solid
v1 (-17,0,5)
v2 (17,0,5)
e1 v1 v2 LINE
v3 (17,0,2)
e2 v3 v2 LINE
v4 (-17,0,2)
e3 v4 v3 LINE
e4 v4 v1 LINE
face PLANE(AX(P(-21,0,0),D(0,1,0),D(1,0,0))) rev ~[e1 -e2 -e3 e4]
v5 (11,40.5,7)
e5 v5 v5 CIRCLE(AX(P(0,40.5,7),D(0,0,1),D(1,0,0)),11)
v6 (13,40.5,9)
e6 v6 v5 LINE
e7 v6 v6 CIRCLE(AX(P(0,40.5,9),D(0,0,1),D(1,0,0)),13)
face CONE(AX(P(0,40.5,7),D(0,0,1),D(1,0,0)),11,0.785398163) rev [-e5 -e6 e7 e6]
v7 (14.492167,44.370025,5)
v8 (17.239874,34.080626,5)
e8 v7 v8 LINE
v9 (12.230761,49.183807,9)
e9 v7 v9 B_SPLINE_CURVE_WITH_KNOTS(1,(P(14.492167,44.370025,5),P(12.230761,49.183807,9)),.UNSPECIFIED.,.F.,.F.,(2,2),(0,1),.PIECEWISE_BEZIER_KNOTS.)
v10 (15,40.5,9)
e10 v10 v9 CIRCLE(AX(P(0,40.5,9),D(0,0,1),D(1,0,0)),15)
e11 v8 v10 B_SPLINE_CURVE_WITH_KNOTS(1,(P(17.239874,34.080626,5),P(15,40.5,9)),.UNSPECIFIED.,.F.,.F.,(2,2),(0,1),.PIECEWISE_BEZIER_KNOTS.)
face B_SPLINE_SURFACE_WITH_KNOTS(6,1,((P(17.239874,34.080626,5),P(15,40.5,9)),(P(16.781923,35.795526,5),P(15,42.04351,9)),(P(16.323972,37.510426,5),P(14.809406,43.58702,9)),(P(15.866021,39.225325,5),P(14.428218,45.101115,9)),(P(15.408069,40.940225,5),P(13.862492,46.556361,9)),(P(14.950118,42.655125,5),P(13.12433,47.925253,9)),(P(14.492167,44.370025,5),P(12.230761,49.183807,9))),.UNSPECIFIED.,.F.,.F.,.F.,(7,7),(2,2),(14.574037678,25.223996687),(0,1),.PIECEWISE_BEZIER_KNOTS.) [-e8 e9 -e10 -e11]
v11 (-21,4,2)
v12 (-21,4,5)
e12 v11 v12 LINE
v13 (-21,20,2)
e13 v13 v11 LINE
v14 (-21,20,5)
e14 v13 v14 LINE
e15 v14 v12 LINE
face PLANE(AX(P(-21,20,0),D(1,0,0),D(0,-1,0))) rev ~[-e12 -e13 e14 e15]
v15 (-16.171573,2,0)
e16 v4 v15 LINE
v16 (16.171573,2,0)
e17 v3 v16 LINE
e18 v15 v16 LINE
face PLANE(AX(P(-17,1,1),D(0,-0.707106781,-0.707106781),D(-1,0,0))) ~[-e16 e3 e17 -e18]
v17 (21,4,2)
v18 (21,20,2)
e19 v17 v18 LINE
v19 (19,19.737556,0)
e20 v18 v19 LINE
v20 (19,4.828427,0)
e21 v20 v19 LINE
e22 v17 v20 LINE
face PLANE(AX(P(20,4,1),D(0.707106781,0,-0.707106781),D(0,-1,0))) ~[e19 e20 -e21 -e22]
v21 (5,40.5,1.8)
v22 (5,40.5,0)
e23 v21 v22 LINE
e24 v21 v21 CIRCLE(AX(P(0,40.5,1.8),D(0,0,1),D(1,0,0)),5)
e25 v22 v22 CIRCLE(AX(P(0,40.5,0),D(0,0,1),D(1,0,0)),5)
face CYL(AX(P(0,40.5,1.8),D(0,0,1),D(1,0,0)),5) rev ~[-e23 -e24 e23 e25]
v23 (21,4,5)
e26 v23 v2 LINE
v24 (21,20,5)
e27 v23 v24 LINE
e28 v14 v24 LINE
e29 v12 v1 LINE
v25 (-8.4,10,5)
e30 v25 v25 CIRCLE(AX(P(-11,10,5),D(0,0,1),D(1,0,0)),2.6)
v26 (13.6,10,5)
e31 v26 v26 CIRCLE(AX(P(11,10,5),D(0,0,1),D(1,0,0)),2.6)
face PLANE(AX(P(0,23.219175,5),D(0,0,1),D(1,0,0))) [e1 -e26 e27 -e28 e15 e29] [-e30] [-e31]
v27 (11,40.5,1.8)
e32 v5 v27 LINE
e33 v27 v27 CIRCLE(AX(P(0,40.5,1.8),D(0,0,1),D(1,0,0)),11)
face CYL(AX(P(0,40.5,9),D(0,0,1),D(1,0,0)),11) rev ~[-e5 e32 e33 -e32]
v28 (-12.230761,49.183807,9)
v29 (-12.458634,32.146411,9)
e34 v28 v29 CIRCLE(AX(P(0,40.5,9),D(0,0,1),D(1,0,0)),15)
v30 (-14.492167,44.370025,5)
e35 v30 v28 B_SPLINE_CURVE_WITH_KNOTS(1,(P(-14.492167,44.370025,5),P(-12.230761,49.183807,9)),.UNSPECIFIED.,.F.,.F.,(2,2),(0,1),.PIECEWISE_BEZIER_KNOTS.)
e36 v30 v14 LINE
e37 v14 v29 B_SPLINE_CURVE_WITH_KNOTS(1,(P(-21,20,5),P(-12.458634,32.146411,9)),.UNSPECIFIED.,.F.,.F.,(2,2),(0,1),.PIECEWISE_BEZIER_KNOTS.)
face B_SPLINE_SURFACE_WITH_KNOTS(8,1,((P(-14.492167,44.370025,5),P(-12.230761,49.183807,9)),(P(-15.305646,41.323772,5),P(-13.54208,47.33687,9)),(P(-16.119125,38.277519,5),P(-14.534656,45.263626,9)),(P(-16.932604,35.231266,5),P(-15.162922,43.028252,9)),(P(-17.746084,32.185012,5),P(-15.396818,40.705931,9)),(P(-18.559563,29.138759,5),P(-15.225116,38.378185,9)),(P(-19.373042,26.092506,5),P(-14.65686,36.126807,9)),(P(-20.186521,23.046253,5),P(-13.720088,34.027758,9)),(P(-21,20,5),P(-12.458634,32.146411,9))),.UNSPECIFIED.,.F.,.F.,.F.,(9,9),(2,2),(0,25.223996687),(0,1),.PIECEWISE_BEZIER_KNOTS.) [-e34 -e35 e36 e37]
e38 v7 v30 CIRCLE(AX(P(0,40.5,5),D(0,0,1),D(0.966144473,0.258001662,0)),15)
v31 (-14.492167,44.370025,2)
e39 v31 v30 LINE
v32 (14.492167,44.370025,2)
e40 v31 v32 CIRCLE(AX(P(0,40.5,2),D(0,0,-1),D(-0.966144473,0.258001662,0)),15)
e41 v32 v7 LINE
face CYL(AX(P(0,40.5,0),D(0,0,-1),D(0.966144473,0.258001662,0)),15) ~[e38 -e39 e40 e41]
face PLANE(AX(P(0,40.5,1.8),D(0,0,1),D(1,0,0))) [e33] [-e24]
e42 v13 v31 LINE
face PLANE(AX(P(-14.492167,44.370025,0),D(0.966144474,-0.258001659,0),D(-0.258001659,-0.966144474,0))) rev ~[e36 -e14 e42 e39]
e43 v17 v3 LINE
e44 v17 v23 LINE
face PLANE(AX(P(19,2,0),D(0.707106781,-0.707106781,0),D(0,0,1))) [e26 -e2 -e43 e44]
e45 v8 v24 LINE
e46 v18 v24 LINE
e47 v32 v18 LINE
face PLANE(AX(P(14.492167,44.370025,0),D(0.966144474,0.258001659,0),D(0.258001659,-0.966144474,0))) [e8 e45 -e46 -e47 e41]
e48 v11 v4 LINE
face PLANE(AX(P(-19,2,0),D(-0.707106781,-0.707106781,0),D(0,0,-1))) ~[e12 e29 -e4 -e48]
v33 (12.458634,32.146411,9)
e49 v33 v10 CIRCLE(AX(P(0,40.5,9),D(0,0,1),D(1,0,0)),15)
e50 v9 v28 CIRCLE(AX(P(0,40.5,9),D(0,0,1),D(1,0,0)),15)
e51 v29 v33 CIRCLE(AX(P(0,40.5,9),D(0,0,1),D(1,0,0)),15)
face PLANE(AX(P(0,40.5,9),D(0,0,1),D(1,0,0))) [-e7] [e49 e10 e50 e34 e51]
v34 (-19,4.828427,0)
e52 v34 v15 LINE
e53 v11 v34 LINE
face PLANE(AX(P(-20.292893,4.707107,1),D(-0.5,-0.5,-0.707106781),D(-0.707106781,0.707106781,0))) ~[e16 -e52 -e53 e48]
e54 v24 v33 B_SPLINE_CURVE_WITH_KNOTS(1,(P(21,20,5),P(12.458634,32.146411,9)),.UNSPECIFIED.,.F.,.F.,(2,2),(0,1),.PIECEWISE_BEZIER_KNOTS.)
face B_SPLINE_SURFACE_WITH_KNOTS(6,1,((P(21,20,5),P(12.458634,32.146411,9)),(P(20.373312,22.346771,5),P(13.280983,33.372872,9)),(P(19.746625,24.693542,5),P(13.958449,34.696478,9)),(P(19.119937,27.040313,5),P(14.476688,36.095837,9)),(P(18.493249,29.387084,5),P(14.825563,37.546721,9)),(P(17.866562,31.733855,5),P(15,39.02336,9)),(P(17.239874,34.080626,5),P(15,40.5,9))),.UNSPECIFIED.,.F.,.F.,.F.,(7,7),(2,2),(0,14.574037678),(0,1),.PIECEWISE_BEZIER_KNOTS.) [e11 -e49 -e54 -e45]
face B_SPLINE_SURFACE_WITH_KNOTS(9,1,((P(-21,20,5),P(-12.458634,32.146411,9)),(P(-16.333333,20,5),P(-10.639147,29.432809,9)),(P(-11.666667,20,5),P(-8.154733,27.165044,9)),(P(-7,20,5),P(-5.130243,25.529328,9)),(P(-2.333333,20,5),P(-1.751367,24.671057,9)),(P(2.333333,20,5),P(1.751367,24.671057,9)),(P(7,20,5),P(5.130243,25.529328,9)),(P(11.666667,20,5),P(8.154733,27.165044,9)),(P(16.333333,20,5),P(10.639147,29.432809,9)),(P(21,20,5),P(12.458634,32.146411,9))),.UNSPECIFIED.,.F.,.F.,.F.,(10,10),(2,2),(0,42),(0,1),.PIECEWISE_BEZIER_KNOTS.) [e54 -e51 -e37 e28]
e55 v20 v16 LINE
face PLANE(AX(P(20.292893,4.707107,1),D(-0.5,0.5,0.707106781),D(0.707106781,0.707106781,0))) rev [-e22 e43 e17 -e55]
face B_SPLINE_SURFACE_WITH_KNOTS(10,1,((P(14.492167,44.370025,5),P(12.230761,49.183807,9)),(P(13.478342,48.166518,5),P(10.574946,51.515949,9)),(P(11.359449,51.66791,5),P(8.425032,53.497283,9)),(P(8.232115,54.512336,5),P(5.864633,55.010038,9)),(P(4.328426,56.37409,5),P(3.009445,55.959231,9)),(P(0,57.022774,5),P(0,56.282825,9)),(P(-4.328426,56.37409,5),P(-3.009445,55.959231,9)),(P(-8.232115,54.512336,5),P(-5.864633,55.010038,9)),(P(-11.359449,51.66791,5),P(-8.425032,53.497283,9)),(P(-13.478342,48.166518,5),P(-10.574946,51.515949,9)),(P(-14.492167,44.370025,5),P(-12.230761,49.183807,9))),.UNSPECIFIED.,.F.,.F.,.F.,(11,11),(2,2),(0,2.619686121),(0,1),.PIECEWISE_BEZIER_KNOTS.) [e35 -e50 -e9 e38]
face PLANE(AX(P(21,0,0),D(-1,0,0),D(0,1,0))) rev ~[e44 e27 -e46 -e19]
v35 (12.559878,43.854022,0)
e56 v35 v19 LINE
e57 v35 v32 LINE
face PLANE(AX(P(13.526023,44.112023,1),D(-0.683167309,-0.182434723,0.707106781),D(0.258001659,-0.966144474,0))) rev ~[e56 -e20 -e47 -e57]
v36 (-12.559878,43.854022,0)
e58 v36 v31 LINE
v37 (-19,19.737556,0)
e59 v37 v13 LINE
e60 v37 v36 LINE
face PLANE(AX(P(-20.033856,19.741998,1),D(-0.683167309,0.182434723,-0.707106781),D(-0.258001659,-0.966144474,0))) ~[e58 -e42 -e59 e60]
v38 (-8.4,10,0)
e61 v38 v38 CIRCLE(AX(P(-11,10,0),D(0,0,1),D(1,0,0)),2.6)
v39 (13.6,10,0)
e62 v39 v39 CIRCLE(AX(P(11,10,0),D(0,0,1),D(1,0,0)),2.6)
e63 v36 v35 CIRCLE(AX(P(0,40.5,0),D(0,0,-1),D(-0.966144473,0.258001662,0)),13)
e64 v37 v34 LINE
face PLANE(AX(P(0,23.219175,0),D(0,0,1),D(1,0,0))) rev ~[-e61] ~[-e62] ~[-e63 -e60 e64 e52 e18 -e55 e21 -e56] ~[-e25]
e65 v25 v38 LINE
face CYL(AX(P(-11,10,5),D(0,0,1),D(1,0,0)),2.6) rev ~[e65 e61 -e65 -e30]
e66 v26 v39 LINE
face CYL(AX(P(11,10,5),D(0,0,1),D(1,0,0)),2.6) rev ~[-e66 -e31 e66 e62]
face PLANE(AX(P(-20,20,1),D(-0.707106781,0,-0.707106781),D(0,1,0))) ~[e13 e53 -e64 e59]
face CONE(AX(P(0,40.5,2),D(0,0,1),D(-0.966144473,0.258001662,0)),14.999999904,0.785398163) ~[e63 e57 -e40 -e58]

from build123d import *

# Parameters (mm, degrees)
PAD_DEPTH       = 5
SKETCH002_R     = 15
SKETCH003_R     = 11
POCKET_DEPTH    = 7.2
SKETCH004_R     = 5
POCKET001_DEPTH = 1.801
SKETCH005_R     = 2.6
POCKET002_DEPTH = 5.001
CHAMFER_SIZE    = 2
CHAMFER001_SIZE = 4
CHAMFER002_SIZE = 2


with BuildPart() as part:
    # Sketch → Pad (new body)
    with BuildSketch(Plane.XY):
        with BuildLine():
            Line((-21, 20), (-21, 0))
            Line((-21, 0), (21, 0))
            Line((21, 0), (21, 20))
            Line((14.492167, 44.370025), (21, 20))
            ThreePointArc((14.492167, 44.370025), (0, 55.5), (-14.492167, 44.370025))
            Line((-14.492167, 44.370025), (-21, 20))
        make_face()
    extrude(amount=PAD_DEPTH)

    # Sketch001 (on Face8 of Pad) → AdditiveLoft section 0
    with BuildSketch(Plane.XY.offset(5)):
        with BuildLine():
            Line((-21, 20), (21, 20))
            Line((21, 20), (14.492167, 44.370025))
            ThreePointArc((14.492167, 44.370025), (0, 55.5), (-14.492167, 44.370025))
            Line((-14.492167, 44.370025), (-21, 20))
        make_face()
    # Sketch002 (on DatumPlane) → AdditiveLoft section 1
    with BuildSketch(Plane.XY.offset(9)):
        with Locations((0, 40.5)):
            Circle(SKETCH002_R)
    loft()

    # Sketch003 (on Face12 of AdditiveLoft) → Pocket (cut)
    with BuildSketch(Plane.XY.offset(9)):
        with Locations((0, 40.5)):
            Circle(SKETCH003_R)
    extrude(amount=-POCKET_DEPTH, mode=Mode.SUBTRACT)

    # Sketch004 (on Face16 of Pocket) → Pocket001 (cut, through all)
    with BuildSketch(Plane.XY.offset(1.8)):
        with Locations((0, 40.5)):
            Circle(SKETCH004_R)
    extrude(amount=-POCKET001_DEPTH, mode=Mode.SUBTRACT)

    # Sketch005 (on Face14 of Pocket001) → Pocket002 (cut, through all)
    with BuildSketch(Plane.XY.offset(5)):
        with Locations((-11, 10)):
            Circle(SKETCH005_R)
        with Locations((11, 10)):
            Circle(SKETCH005_R)
    extrude(amount=-POCKET002_DEPTH, mode=Mode.SUBTRACT)

    # Chamfer
    chamfer_edges = [part.edges().sort_by_distance(p)[0] for p in [
        (-11, 40.5, 9),
    ]]
    chamfer(chamfer_edges, length=CHAMFER_SIZE)

    # Chamfer001
    chamfer001_edges = [part.edges().sort_by_distance(p)[0] for p in [
        (21, 0, 2.5),
        (-21, 0, 2.5),
    ]]
    chamfer(chamfer001_edges, length=CHAMFER001_SIZE)

    # Chamfer002
    chamfer002_edges = [part.edges().sort_by_distance(p)[0] for p in [
        (-19, 2, 0),
        (0, 0, 0),
        (19, 2, 0),
        (21, 12, 0),
        (17.746084, 32.185012, 0),
        (0, 55.5, 0),
        (-17.746084, 32.185012, 0),
        (-21, 12, 0),
    ]]
    chamfer(chamfer002_edges, length=CHAMFER002_SIZE)


solid = part.part
